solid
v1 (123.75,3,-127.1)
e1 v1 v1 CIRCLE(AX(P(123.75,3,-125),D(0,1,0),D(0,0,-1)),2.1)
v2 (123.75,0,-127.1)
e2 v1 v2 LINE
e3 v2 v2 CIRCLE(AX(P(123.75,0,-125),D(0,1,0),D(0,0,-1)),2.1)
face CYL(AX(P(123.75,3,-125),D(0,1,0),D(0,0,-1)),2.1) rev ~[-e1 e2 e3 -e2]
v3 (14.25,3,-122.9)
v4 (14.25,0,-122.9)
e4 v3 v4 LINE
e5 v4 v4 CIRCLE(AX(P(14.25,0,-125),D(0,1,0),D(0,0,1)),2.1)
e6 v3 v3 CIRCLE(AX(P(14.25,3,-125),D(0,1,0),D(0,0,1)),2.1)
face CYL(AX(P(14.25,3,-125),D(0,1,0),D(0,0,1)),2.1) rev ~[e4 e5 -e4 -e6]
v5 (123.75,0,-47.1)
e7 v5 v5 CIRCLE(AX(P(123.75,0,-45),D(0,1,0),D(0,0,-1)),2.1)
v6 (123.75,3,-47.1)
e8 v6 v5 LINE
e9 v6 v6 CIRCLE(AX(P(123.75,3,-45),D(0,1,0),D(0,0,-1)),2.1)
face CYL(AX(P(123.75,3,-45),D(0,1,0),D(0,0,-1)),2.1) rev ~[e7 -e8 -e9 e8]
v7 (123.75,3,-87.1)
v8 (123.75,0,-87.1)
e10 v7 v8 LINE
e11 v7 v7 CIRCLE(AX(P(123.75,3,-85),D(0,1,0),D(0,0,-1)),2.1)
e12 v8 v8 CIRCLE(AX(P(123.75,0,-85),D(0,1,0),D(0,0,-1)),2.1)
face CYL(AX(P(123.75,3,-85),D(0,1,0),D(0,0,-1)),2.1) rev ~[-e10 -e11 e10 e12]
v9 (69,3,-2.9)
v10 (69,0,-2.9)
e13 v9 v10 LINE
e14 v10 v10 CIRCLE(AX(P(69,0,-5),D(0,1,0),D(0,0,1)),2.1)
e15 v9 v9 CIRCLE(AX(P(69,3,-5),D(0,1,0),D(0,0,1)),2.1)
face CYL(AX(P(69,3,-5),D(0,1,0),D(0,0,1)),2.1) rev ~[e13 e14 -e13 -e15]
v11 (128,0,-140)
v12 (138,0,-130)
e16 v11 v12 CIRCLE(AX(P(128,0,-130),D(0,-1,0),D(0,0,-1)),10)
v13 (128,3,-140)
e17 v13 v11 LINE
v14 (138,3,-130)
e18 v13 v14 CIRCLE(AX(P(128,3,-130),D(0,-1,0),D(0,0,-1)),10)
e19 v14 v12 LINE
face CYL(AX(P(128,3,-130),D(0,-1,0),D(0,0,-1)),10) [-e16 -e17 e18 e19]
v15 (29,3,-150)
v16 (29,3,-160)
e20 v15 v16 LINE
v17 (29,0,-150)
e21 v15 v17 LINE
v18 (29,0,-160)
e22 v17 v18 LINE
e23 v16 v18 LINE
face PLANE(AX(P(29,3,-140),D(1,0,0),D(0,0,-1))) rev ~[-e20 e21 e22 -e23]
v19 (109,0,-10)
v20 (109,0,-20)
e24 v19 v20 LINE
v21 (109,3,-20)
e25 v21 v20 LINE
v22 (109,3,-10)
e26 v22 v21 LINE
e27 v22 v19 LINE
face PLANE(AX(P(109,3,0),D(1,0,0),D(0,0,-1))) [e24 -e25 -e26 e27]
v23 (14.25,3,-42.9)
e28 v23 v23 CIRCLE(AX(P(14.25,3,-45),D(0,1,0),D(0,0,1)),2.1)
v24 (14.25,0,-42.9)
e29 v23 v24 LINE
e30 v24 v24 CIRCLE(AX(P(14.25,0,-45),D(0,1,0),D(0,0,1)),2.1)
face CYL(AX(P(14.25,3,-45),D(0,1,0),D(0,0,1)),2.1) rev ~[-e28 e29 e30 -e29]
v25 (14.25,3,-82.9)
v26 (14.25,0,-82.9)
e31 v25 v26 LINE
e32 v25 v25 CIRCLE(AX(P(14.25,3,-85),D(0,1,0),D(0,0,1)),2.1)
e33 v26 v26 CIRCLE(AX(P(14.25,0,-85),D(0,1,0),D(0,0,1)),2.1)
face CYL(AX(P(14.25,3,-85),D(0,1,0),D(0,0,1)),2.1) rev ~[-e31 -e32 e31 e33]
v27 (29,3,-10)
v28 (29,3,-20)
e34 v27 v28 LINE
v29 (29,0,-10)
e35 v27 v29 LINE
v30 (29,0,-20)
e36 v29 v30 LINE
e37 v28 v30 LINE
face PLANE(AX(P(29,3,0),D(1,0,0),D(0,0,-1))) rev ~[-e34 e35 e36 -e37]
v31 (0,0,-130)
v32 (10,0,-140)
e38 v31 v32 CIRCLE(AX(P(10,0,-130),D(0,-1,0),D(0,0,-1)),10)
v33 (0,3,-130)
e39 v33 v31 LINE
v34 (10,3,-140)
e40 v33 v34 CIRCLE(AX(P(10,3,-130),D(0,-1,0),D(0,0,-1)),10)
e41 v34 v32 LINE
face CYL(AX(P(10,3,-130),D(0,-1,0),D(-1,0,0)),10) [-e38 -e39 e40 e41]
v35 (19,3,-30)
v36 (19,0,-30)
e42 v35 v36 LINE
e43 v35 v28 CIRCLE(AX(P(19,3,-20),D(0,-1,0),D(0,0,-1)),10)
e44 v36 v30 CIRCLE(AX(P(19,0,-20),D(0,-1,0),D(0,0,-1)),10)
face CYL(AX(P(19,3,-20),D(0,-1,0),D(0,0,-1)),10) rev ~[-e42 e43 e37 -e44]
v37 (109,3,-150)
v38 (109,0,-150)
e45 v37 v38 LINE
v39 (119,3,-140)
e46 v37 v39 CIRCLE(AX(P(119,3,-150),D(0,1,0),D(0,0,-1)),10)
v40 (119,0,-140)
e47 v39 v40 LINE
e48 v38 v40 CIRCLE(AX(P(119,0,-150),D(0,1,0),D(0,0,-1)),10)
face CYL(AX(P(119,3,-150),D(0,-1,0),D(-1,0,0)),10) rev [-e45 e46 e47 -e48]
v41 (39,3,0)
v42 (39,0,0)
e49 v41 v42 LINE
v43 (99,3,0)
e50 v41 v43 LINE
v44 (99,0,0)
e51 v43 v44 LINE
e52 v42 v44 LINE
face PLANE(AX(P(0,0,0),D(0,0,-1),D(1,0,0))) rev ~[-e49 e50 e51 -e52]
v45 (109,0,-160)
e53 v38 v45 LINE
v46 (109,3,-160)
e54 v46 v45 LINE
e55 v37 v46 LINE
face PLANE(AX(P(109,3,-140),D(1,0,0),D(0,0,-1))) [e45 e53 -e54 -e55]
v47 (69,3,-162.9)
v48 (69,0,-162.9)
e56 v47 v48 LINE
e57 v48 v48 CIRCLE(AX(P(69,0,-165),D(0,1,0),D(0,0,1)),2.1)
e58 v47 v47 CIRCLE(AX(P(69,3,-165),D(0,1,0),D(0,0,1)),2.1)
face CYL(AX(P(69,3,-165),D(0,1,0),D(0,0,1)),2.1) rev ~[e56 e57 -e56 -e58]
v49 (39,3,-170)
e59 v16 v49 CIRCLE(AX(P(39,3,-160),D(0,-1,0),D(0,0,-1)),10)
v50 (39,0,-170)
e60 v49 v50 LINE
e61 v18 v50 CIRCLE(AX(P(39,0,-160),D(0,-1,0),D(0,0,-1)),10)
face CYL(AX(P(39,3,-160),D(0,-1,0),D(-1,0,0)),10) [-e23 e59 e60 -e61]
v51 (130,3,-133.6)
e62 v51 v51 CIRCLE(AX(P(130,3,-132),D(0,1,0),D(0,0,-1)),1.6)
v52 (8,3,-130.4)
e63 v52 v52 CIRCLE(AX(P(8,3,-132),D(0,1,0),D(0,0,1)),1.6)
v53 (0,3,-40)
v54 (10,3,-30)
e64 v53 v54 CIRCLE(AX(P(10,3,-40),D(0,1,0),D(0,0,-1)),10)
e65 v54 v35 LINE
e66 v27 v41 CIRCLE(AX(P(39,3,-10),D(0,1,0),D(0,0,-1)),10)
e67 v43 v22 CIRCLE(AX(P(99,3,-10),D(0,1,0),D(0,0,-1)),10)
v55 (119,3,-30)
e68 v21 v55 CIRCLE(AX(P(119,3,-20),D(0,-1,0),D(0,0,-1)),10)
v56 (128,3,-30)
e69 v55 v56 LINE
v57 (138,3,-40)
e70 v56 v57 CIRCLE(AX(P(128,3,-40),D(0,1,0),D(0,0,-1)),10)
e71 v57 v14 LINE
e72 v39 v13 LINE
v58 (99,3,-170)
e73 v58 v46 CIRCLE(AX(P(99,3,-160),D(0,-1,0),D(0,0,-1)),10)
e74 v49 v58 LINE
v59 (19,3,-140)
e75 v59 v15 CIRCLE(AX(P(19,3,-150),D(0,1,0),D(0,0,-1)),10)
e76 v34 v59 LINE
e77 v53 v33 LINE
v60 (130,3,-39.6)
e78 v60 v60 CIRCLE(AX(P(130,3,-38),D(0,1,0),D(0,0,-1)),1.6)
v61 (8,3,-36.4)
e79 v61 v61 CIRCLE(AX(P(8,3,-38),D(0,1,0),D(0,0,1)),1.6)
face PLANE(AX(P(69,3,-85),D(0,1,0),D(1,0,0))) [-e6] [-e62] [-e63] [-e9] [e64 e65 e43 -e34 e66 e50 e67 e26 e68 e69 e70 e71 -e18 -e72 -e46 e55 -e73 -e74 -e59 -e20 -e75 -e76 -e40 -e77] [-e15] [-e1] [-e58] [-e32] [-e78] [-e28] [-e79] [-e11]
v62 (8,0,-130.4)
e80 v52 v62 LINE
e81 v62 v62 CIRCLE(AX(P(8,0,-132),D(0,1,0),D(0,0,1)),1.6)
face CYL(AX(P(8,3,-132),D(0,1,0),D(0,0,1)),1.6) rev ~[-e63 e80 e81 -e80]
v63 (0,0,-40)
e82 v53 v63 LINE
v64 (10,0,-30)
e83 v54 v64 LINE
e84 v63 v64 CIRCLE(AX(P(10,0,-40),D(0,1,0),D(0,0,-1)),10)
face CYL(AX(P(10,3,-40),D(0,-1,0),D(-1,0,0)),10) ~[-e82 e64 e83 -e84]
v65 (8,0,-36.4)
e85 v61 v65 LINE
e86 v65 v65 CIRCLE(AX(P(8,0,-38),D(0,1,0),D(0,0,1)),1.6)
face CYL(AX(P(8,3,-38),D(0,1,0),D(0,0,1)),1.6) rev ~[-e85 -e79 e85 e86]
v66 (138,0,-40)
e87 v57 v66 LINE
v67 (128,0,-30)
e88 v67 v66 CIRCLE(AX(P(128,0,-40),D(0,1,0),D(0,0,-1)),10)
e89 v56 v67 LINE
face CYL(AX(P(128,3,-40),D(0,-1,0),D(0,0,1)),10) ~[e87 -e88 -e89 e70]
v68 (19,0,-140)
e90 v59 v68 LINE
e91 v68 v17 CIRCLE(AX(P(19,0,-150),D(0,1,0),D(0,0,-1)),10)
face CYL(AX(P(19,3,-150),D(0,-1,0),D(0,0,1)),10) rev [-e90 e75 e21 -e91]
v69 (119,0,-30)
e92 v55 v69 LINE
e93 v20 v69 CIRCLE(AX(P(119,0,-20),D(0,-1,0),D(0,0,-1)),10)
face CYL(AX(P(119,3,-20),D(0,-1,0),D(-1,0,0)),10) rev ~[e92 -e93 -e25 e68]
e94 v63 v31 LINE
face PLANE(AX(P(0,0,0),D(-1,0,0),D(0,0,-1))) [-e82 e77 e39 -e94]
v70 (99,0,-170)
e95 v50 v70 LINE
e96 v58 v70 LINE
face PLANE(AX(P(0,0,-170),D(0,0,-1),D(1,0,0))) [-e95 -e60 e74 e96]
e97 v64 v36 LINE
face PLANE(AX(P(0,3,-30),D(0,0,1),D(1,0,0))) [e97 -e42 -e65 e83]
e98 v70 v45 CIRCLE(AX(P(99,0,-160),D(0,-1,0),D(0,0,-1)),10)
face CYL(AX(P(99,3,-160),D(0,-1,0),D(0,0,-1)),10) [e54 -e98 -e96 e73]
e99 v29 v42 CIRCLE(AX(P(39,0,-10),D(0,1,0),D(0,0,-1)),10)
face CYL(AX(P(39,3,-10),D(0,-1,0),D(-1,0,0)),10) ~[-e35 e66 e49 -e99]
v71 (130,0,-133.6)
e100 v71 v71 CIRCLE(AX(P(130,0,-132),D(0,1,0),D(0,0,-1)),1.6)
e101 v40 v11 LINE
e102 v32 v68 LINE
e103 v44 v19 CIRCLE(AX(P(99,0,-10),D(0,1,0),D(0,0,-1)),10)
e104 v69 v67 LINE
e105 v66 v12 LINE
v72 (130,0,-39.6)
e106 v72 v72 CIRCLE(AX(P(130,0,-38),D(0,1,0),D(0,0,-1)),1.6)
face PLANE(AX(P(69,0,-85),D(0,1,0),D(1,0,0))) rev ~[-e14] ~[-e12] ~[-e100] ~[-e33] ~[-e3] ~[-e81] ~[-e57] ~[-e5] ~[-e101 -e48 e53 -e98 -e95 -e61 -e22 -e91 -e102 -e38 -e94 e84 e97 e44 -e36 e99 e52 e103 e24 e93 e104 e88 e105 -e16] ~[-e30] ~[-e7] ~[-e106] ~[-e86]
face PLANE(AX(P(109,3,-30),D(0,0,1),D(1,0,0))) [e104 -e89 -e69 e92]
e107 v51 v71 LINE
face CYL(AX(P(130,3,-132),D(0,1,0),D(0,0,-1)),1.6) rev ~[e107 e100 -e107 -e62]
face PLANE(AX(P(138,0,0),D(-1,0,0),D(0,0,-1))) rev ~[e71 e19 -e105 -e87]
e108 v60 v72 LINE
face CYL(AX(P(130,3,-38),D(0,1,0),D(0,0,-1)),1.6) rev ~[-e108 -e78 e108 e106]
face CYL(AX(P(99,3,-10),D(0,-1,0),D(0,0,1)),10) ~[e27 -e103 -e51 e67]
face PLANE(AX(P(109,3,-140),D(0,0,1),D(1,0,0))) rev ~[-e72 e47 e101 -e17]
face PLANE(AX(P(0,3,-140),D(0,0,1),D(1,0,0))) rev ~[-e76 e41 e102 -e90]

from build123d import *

# Parameters (mm, degrees)
SKETCH1_W           = 138
SKETCH1_H           = 170
BOSS_EXTRUDE1_DEPTH = 3
SKETCH2_R           = 2.1
SKETCH2_W           = 29
SKETCH2_H           = 30
CUT_EXTRUDE1_DEPTH  = 3
SKETCH3_R           = 2.1
SKETCH3_R_2         = 1.6
CUT_EXTRUDE2_DEPTH  = 219.981734398
FILLET1_R           = 10


with BuildPart() as part:
    # Sketch1 → Boss-Extrude1 (new body)
    with BuildSketch(Plane(origin=(0, 0, 0), x_dir=(1, 0, 0), z_dir=(0, 1, 0))):
        with Locations((69, 85)):
            Rectangle(SKETCH1_W, SKETCH1_H)
    extrude(amount=BOSS_EXTRUDE1_DEPTH)

    # Sketch2 → Cut-Extrude1 (cut)
    with BuildSketch(Plane(origin=(0, 3, 0), x_dir=(1, 0, 0), z_dir=(0, 1, 0))):
        with Locations(Location((69, 165, 0), (0, 0, 270))):
            Circle(SKETCH2_R)
        with Locations(Location((69, 5, 0), (0, 0, 270))):
            Circle(SKETCH2_R)
        with Locations((14.5, 155)):
            Rectangle(SKETCH2_W, SKETCH2_H)
        with Locations((123.5, 155)):
            Rectangle(SKETCH2_W, SKETCH2_H)
        with Locations((123.5, 15)):
            Rectangle(SKETCH2_W, SKETCH2_H)
        with Locations((14.5, 15)):
            Rectangle(SKETCH2_W, SKETCH2_H)
    extrude(amount=-CUT_EXTRUDE1_DEPTH, mode=Mode.SUBTRACT)

    # Sketch3 → Cut-Extrude2 (cut, through all)
    with BuildSketch(Plane(origin=(0, 3, 0), x_dir=(1, 0, 0), z_dir=(0, 1, 0))):
        with Locations(Location((14.25, 125, 0), (0, 0, 270))):
            Circle(SKETCH3_R)
        with Locations(Location((14.25, 45, 0), (0, 0, 270))):
            Circle(SKETCH3_R)
        with Locations(Location((14.25, 85, 0), (0, 0, 270))):
            Circle(SKETCH3_R)
        with Locations(Location((123.75, 45, 0), (0, 0, 90))):
            Circle(SKETCH3_R)
        with Locations(Location((123.75, 85, 0), (0, 0, 90))):
            Circle(SKETCH3_R)
        with Locations(Location((123.75, 125, 0), (0, 0, 90))):
            Circle(SKETCH3_R)
        with Locations(Location((8, 132, 0), (0, 0, 270))):
            Circle(SKETCH3_R_2)
        with Locations(Location((8, 38, 0), (0, 0, 270))):
            Circle(SKETCH3_R_2)
        with Locations(Location((130, 38, 0), (0, 0, 90))):
            Circle(SKETCH3_R_2)
        with Locations(Location((130, 132, 0), (0, 0, 90))):
            Circle(SKETCH3_R_2)
    extrude(amount=-CUT_EXTRUDE2_DEPTH, mode=Mode.SUBTRACT)

    # Fillet1
    fillet1_edges = [part.edges().sort_by_distance(p)[0] for p in [
        (138, 1.5, -140),
        (109, 1.5, -140),
        (109, 1.5, -170),
        (138, 1.5, -30),
        (109, 1.5, 0),
        (109, 1.5, -30),
        (0, 1.5, -30),
        (29, 1.5, -30),
        (29, 1.5, 0),
        (0, 1.5, -140),
        (29, 1.5, -170),
        (29, 1.5, -140),
    ]]
    fillet(fillet1_edges, radius=FILLET1_R)


solid = part.part
